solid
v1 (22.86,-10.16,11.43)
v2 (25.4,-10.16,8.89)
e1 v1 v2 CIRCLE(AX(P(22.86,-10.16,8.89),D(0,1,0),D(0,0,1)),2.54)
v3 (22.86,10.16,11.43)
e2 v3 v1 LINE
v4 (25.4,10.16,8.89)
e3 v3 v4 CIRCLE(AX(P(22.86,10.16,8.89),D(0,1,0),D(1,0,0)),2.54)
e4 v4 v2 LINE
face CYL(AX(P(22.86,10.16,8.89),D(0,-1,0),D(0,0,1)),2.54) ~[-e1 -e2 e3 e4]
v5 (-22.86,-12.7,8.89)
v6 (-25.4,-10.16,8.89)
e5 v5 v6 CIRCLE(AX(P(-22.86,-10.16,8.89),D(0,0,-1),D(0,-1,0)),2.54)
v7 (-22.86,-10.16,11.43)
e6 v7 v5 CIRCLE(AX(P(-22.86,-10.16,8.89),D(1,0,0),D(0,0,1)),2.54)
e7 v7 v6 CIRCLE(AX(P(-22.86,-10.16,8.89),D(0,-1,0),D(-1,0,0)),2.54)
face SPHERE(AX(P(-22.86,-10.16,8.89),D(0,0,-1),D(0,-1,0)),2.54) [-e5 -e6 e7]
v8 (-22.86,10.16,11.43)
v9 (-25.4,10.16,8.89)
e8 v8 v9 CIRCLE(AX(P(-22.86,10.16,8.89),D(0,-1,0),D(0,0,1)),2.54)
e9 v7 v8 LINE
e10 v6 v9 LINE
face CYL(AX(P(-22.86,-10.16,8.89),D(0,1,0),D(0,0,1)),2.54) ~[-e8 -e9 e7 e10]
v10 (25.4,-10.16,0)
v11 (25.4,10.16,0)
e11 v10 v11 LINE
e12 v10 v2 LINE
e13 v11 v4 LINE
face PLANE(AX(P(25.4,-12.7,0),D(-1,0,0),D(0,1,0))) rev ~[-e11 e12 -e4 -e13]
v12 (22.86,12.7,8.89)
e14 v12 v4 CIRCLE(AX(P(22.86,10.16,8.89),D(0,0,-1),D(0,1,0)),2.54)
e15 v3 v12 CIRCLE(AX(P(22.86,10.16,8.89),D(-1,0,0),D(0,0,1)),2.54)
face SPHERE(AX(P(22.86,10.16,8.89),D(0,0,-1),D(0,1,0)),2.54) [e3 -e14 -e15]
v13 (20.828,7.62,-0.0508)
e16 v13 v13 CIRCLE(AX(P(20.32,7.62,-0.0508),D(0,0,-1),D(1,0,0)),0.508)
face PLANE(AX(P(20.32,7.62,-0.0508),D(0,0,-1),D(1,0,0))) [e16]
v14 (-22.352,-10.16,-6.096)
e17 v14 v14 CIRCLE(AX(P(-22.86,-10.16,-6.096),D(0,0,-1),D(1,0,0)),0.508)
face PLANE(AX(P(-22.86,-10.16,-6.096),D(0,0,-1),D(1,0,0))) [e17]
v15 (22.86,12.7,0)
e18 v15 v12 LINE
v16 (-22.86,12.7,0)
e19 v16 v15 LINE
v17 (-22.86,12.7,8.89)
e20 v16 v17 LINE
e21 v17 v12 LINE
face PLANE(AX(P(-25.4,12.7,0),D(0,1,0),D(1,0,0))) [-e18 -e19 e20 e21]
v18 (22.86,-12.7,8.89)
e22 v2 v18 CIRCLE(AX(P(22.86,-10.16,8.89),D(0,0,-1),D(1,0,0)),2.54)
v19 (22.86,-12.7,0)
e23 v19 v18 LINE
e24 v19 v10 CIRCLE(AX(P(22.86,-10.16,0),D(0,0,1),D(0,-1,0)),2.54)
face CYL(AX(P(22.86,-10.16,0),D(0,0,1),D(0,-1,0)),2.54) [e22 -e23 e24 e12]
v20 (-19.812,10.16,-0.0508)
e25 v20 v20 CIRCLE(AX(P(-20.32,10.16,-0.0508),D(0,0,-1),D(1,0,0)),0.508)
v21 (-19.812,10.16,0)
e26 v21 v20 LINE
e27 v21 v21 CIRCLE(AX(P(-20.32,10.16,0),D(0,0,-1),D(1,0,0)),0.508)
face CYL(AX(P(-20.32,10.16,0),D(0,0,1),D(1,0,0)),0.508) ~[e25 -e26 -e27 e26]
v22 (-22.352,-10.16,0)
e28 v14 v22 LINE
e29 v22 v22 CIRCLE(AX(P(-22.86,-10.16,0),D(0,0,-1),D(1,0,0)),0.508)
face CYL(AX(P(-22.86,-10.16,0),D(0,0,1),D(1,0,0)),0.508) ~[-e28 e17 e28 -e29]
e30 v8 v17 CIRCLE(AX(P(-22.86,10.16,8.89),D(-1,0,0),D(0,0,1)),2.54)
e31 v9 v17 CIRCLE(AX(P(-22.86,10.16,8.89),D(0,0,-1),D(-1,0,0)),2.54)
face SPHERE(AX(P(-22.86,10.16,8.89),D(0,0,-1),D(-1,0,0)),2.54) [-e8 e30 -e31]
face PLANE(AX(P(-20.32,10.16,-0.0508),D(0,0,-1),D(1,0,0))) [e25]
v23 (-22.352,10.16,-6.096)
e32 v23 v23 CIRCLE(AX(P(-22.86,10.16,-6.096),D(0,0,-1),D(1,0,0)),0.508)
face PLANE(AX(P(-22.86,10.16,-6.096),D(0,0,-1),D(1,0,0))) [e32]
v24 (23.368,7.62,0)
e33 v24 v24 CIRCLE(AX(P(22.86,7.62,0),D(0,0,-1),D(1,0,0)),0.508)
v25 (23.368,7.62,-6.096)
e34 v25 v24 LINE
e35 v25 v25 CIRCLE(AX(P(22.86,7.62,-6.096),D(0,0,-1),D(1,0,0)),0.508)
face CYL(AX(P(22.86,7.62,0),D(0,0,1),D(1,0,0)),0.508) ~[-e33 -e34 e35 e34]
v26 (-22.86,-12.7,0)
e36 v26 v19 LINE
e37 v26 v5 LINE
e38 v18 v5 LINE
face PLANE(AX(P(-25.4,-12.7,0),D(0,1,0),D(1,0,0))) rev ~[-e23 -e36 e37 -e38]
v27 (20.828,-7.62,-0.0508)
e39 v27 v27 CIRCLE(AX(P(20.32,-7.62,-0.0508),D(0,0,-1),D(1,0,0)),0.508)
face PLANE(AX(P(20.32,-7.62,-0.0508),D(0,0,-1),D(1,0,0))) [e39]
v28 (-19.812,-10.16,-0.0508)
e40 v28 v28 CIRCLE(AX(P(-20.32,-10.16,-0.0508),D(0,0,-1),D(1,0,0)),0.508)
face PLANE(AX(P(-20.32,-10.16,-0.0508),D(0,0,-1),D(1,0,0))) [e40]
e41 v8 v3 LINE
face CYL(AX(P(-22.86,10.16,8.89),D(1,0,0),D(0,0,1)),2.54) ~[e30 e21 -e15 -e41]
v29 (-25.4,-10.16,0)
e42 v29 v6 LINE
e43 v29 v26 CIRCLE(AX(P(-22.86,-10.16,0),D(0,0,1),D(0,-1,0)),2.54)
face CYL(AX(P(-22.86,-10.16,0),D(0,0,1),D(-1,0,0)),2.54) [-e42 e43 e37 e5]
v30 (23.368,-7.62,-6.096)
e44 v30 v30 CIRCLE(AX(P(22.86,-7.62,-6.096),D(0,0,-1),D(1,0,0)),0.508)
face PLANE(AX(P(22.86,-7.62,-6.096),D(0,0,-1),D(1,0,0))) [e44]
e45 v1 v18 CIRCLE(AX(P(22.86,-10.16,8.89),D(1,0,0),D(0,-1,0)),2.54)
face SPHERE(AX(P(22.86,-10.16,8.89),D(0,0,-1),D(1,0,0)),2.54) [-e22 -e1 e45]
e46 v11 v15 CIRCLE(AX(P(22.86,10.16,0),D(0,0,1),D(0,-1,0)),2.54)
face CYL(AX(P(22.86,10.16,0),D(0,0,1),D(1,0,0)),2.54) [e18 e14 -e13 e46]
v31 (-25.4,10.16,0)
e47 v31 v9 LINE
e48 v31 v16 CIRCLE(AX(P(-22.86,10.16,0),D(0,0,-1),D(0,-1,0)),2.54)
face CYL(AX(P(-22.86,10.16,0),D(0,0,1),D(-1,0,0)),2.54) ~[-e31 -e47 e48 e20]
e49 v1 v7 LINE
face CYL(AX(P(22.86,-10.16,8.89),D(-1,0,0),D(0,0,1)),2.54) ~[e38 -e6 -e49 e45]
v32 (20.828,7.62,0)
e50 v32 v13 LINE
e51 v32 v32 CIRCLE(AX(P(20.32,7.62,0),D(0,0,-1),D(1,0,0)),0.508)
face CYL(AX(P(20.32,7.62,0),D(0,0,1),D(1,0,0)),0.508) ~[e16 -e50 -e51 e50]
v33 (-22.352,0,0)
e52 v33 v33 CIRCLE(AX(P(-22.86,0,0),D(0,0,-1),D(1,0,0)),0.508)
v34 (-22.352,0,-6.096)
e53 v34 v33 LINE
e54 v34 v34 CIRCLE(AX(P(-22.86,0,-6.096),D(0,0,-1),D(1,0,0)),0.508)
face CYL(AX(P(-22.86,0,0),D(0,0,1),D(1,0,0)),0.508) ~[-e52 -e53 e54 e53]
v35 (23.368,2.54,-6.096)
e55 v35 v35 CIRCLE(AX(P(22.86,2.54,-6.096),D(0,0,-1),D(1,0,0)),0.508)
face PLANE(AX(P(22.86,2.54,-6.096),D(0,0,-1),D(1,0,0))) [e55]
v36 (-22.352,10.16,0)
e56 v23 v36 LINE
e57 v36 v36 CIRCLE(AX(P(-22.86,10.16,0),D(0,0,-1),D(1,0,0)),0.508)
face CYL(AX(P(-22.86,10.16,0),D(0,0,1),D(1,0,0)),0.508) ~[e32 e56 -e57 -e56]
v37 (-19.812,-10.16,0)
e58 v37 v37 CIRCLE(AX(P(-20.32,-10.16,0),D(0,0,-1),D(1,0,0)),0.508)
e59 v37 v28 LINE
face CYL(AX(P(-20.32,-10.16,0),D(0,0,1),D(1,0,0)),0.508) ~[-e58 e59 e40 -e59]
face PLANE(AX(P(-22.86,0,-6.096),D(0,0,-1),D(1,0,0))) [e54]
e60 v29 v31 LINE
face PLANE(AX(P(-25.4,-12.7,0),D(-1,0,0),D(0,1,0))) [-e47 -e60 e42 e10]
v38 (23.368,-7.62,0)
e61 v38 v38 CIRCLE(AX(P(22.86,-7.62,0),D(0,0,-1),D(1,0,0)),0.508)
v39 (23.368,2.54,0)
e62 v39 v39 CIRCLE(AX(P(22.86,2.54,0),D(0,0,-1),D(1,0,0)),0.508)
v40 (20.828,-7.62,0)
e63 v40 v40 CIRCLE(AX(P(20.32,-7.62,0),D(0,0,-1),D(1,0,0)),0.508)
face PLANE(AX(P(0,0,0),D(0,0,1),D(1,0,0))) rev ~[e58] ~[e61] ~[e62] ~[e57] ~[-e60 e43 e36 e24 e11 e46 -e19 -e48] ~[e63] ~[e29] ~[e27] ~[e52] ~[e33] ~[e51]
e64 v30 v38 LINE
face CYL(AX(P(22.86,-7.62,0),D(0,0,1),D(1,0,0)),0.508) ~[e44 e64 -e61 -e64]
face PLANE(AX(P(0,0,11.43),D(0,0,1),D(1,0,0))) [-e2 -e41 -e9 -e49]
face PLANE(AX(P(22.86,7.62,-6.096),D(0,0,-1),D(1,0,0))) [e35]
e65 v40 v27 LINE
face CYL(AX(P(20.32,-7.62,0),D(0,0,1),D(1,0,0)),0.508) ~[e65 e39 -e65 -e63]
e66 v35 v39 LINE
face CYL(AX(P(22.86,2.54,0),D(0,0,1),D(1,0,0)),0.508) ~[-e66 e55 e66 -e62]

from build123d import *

# Parameters (mm, degrees)
F0_W     = 50.8
F0_H     = 25.4
F1_DEPTH = 11.43
F2_R     = 2.54
F3_R     = 2.54
F4_R     = 0.508
F5_DEPTH = 6.096
F6_DEPTH = 0.0508


with BuildPart() as f1:
    # F0 (on Top) → F1 (new body)
    with BuildSketch(Plane.XY):
        Rectangle(F0_W, F0_H)
    extrude(amount=F1_DEPTH)

    # F2
    f2_edges = [f1.edges().sort_by_distance(p)[0] for p in [
        (25.4, -12.7, 5.715),
        (-25.4, -12.7, 5.715),
        (25.4, 12.7, 5.715),
        (-25.4, 12.7, 5.715),
    ]]
    fillet(f2_edges, radius=F2_R)

    # F3
    f3_edges = [f1.edges().sort_by_distance(p)[0] for p in [
        (0, 12.7, 11.43),
    ]]
    fillet(f3_edges, radius=F3_R)

    # F4 (on face) → F5 (join)
    with BuildSketch(Plane(origin=(0, 0, 0), x_dir=(1, 0, 0), z_dir=(0, 0, -1))):
        with Locations((22.86, 7.62)):
            Circle(F4_R)
        with Locations((22.86, -2.54)):
            Circle(F4_R)
        with Locations((22.86, -7.62)):
            Circle(F4_R)
        with Locations((-22.86, -10.16)):
            Circle(F4_R)
        with Locations((-22.86, 0)):
            Circle(F4_R)
        with Locations((-22.86, 10.16)):
            Circle(F4_R)
    extrude(amount=F5_DEPTH)

    # F4 (on face) → F6 (join)
    with BuildSketch(Plane(origin=(0, 0, 0), x_dir=(1, 0, 0), z_dir=(0, 0, -1))):
        with Locations((-22.86, -10.16)):
            Circle(F4_R)
        with Locations((-22.86, 0)):
            Circle(F4_R)
        with Locations((-22.86, 10.16)):
            Circle(F4_R)
        with Locations((22.86, 7.62)):
            Circle(F4_R)
        with Locations((22.86, -2.54)):
            Circle(F4_R)
        with Locations((22.86, -7.62)):
            Circle(F4_R)
        with Locations((-20.32, -10.16)):
            Circle(F4_R)
        with Locations((-20.32, 10.16)):
            Circle(F4_R)
        with Locations((20.32, -7.62)):
            Circle(F4_R)
        with Locations((20.32, 7.62)):
            Circle(F4_R)
    extrude(amount=F6_DEPTH)


solid = f1.part
